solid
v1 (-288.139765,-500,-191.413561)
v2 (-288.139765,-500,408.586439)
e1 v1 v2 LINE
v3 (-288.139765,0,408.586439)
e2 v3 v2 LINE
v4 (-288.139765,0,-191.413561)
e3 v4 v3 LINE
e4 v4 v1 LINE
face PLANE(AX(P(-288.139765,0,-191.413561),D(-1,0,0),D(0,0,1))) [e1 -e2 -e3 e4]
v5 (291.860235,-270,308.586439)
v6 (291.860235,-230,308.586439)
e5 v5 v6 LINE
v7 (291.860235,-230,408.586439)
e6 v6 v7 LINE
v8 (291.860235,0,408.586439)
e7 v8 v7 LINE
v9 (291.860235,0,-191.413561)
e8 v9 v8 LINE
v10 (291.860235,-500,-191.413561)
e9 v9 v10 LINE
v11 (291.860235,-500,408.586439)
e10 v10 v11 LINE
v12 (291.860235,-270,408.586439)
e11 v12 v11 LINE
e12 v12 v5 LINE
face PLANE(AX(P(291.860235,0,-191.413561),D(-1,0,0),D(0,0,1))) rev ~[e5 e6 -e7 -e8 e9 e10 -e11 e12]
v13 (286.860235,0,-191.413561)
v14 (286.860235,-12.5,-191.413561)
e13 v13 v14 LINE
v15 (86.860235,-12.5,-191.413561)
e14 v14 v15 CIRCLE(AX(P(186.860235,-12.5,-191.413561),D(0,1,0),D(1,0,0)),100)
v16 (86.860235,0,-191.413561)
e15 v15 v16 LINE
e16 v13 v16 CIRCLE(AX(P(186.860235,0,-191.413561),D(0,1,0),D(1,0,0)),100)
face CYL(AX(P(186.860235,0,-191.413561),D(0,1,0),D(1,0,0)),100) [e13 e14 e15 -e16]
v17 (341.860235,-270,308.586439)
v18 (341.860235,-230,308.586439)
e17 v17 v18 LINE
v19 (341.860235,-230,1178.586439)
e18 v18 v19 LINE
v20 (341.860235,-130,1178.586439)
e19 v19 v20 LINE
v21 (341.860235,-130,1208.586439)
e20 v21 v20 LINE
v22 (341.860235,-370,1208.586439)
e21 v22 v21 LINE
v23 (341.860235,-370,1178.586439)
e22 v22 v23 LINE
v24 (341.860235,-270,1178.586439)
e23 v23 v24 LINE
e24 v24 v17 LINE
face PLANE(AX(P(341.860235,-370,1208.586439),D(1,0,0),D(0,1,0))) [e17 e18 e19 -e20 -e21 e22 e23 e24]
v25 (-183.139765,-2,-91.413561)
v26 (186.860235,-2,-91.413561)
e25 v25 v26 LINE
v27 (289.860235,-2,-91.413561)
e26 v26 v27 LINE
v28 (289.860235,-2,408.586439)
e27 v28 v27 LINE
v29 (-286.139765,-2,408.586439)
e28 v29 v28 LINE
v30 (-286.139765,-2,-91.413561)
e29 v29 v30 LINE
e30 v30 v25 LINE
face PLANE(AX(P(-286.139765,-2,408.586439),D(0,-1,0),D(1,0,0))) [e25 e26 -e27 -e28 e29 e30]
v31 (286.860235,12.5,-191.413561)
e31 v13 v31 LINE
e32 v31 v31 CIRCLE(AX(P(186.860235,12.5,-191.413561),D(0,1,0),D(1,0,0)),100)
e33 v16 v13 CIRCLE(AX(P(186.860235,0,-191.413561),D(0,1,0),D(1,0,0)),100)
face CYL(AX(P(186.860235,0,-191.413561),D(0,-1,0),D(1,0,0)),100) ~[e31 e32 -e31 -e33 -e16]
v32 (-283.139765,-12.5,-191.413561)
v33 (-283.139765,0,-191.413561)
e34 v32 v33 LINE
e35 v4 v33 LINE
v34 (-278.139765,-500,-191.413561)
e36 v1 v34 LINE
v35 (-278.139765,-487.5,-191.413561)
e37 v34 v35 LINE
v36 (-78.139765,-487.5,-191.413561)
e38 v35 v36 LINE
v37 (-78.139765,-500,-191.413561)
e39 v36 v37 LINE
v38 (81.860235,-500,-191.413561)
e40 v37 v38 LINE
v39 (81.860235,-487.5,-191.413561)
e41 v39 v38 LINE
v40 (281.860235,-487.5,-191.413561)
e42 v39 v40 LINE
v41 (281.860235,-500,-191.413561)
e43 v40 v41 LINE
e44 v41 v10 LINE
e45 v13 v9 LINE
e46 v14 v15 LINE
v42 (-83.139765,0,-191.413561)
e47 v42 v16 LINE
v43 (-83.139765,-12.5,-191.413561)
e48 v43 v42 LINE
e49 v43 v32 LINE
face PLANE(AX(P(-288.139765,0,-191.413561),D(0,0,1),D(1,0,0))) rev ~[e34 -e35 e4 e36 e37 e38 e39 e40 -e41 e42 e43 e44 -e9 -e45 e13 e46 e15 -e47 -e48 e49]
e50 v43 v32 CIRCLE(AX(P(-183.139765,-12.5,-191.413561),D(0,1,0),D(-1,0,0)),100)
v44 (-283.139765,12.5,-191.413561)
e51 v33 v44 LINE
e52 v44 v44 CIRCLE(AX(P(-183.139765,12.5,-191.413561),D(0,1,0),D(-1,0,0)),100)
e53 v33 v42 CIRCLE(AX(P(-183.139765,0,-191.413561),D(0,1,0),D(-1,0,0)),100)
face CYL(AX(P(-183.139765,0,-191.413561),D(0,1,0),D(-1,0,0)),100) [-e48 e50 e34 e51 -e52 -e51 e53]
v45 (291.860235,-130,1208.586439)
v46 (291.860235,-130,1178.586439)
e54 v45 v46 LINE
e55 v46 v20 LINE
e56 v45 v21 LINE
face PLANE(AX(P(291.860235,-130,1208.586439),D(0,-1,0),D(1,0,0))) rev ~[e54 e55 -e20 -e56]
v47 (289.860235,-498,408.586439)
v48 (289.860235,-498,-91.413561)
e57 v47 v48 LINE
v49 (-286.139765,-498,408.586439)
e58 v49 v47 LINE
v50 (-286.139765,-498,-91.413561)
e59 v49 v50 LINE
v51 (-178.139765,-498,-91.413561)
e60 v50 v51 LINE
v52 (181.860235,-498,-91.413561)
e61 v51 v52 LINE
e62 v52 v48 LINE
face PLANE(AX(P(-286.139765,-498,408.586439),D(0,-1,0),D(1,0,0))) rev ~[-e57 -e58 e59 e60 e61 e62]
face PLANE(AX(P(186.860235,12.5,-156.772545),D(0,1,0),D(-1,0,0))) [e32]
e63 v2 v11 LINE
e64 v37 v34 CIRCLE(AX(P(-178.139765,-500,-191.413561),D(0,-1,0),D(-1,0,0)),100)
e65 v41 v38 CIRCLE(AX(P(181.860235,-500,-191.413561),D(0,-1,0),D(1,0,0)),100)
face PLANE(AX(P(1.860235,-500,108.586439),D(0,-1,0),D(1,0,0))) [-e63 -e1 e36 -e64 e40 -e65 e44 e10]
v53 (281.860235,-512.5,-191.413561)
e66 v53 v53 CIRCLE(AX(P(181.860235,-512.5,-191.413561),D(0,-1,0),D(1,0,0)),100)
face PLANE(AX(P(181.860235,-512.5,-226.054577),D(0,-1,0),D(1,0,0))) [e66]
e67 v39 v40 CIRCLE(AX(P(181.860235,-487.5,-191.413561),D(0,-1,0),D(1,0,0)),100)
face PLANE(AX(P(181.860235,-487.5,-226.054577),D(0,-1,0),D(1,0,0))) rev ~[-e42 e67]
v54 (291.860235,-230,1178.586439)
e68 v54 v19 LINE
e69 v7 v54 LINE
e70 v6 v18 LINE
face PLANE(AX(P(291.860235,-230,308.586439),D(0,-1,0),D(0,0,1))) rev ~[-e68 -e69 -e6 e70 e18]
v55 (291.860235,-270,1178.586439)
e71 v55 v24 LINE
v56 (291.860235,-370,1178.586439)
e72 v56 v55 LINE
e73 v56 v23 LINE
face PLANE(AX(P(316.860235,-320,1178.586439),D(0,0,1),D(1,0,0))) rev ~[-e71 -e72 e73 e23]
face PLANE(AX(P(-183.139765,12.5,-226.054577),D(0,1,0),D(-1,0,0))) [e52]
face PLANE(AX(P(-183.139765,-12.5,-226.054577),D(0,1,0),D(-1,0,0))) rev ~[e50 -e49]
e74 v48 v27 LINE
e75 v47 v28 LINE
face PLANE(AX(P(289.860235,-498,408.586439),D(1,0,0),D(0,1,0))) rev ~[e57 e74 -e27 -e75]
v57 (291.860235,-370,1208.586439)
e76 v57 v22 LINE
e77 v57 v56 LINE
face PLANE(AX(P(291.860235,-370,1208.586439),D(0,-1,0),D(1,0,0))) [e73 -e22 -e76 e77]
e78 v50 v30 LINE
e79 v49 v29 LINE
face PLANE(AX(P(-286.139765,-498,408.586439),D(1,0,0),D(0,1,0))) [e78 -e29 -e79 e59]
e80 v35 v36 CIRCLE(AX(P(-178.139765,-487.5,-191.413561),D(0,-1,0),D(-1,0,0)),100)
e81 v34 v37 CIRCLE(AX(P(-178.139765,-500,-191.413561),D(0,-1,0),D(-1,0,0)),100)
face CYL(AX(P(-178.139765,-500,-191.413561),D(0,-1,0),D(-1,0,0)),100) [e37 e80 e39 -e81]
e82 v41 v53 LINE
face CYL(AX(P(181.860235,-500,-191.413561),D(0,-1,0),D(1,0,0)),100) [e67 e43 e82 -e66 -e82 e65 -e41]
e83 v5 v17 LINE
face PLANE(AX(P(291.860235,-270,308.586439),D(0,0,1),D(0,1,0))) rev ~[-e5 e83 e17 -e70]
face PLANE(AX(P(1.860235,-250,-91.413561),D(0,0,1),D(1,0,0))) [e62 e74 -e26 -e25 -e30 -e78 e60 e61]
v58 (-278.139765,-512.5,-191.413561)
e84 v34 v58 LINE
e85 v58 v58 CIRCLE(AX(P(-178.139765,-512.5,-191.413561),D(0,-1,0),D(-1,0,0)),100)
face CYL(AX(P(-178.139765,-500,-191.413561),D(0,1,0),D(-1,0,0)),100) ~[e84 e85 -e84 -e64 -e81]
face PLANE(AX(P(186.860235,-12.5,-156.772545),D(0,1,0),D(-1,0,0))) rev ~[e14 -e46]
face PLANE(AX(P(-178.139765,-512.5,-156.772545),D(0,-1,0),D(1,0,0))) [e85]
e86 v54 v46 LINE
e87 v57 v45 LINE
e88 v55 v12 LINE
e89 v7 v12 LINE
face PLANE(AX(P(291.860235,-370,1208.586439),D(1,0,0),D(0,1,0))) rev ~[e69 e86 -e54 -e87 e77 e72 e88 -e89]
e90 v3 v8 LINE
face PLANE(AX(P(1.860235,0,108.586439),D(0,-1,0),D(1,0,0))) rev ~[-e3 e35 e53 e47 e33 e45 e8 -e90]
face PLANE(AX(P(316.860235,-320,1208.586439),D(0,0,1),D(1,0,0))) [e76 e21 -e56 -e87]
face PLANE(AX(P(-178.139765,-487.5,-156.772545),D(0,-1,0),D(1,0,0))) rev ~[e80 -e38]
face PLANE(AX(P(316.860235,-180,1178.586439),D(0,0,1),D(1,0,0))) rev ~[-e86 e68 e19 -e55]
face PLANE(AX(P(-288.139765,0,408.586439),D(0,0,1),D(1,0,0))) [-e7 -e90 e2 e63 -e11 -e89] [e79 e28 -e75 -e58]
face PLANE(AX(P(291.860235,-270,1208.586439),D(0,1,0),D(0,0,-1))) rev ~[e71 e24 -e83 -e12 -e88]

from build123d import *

# Parameters (mm, degrees)
F0_W      = 580
F0_H      = 600
F1_DEPTH  = 500
F2_W      = 576
F2_H      = 496
F3_DEPTH  = 500
F4_W      = 40
F4_H      = 800
F4_H_2    = 100
F5_DEPTH  = 50
F6_W      = 50
F6_H      = 100
F7_DEPTH  = 30
F9_DEPTH  = 12.5
F11_DEPTH = 12.5


with BuildPart() as f1:
    # F0 (on Front) → F1 (new body)
    with BuildSketch(Plane.XZ):
        with Locations((1.860235, 108.586439)):
            Rectangle(F0_W, F0_H)
    extrude(amount=F1_DEPTH)

    # F2 (on face) → F3 (cut)
    with BuildSketch(Plane.XY.offset(408.586439)):
        with Locations((1.860235, -250)):
            Rectangle(F2_W, F2_H)
    extrude(amount=-F3_DEPTH, mode=Mode.SUBTRACT)

    # F4 (on face) → F5 (join)
    with BuildSketch(Plane.YZ.offset(291.860235)):
        with Locations((-250, 808.586439)):
            Rectangle(F4_W, F4_H)
        with Locations((-250, 358.586439)):
            Rectangle(F4_W, F4_H_2)
    extrude(amount=F5_DEPTH)

    # F6 (on face) → F7 (join)
    with BuildSketch(Plane.XY.offset(1208.586439)):
        with Locations((316.860235, -320)):
            Rectangle(F6_W, F6_H)
        with Locations((316.860235, -180)):
            Rectangle(F6_W, F6_H)
    extrude(amount=-F7_DEPTH)

    # F8 (on face) → F9 (join, symmetric)
    with BuildSketch(Plane.XZ.offset(500)):
        with BuildLine():
            Line((-278.139765, -191.413561), (-78.139765, -191.413561))
            ThreePointArc((-78.139765, -191.413561), (-178.139765, -91.413561), (-278.139765, -191.413561))
        make_face()
        with BuildLine():
            ThreePointArc((-278.139765, -191.413561), (-178.139765, -291.413561), (-78.139765, -191.413561))
            Line((-78.139765, -191.413561), (-278.139765, -191.413561))
        make_face()
        with BuildLine():
            Line((281.860235, -191.413561), (81.860235, -191.413561))
            ThreePointArc((81.860235, -191.413561), (181.860235, -291.413561), (281.860235, -191.413561))
        make_face()
        with BuildLine():
            ThreePointArc((281.860235, -191.413561), (181.860235, -91.413561), (81.860235, -191.413561))
            Line((81.860235, -191.413561), (281.860235, -191.413561))
        make_face()
    extrude(amount=F9_DEPTH, both=True)

    # F10 (on face) → F11 (join, symmetric)
    with BuildSketch(Plane(origin=(0, 0, 0), x_dir=(-1, 0, 0), z_dir=(0, 1, 0))):
        with BuildLine():
            Line((-286.860235, -191.413561), (-86.860235, -191.413561))
            ThreePointArc((-86.860235, -191.413561), (-186.860235, -91.413561), (-286.860235, -191.413561))
        make_face()
        with BuildLine():
            ThreePointArc((-286.860235, -191.413561), (-186.860235, -291.413561), (-86.860235, -191.413561))
            Line((-86.860235, -191.413561), (-286.860235, -191.413561))
        make_face()
        with BuildLine():
            Line((283.139765, -191.413561), (83.139765, -191.413561))
            ThreePointArc((83.139765, -191.413561), (183.139765, -291.413561), (283.139765, -191.413561))
        make_face()
        with BuildLine():
            ThreePointArc((283.139765, -191.413561), (183.139765, -91.413561), (83.139765, -191.413561))
            Line((83.139765, -191.413561), (283.139765, -191.413561))
        make_face()
    extrude(amount=F11_DEPTH, both=True)


solid = f1.part
